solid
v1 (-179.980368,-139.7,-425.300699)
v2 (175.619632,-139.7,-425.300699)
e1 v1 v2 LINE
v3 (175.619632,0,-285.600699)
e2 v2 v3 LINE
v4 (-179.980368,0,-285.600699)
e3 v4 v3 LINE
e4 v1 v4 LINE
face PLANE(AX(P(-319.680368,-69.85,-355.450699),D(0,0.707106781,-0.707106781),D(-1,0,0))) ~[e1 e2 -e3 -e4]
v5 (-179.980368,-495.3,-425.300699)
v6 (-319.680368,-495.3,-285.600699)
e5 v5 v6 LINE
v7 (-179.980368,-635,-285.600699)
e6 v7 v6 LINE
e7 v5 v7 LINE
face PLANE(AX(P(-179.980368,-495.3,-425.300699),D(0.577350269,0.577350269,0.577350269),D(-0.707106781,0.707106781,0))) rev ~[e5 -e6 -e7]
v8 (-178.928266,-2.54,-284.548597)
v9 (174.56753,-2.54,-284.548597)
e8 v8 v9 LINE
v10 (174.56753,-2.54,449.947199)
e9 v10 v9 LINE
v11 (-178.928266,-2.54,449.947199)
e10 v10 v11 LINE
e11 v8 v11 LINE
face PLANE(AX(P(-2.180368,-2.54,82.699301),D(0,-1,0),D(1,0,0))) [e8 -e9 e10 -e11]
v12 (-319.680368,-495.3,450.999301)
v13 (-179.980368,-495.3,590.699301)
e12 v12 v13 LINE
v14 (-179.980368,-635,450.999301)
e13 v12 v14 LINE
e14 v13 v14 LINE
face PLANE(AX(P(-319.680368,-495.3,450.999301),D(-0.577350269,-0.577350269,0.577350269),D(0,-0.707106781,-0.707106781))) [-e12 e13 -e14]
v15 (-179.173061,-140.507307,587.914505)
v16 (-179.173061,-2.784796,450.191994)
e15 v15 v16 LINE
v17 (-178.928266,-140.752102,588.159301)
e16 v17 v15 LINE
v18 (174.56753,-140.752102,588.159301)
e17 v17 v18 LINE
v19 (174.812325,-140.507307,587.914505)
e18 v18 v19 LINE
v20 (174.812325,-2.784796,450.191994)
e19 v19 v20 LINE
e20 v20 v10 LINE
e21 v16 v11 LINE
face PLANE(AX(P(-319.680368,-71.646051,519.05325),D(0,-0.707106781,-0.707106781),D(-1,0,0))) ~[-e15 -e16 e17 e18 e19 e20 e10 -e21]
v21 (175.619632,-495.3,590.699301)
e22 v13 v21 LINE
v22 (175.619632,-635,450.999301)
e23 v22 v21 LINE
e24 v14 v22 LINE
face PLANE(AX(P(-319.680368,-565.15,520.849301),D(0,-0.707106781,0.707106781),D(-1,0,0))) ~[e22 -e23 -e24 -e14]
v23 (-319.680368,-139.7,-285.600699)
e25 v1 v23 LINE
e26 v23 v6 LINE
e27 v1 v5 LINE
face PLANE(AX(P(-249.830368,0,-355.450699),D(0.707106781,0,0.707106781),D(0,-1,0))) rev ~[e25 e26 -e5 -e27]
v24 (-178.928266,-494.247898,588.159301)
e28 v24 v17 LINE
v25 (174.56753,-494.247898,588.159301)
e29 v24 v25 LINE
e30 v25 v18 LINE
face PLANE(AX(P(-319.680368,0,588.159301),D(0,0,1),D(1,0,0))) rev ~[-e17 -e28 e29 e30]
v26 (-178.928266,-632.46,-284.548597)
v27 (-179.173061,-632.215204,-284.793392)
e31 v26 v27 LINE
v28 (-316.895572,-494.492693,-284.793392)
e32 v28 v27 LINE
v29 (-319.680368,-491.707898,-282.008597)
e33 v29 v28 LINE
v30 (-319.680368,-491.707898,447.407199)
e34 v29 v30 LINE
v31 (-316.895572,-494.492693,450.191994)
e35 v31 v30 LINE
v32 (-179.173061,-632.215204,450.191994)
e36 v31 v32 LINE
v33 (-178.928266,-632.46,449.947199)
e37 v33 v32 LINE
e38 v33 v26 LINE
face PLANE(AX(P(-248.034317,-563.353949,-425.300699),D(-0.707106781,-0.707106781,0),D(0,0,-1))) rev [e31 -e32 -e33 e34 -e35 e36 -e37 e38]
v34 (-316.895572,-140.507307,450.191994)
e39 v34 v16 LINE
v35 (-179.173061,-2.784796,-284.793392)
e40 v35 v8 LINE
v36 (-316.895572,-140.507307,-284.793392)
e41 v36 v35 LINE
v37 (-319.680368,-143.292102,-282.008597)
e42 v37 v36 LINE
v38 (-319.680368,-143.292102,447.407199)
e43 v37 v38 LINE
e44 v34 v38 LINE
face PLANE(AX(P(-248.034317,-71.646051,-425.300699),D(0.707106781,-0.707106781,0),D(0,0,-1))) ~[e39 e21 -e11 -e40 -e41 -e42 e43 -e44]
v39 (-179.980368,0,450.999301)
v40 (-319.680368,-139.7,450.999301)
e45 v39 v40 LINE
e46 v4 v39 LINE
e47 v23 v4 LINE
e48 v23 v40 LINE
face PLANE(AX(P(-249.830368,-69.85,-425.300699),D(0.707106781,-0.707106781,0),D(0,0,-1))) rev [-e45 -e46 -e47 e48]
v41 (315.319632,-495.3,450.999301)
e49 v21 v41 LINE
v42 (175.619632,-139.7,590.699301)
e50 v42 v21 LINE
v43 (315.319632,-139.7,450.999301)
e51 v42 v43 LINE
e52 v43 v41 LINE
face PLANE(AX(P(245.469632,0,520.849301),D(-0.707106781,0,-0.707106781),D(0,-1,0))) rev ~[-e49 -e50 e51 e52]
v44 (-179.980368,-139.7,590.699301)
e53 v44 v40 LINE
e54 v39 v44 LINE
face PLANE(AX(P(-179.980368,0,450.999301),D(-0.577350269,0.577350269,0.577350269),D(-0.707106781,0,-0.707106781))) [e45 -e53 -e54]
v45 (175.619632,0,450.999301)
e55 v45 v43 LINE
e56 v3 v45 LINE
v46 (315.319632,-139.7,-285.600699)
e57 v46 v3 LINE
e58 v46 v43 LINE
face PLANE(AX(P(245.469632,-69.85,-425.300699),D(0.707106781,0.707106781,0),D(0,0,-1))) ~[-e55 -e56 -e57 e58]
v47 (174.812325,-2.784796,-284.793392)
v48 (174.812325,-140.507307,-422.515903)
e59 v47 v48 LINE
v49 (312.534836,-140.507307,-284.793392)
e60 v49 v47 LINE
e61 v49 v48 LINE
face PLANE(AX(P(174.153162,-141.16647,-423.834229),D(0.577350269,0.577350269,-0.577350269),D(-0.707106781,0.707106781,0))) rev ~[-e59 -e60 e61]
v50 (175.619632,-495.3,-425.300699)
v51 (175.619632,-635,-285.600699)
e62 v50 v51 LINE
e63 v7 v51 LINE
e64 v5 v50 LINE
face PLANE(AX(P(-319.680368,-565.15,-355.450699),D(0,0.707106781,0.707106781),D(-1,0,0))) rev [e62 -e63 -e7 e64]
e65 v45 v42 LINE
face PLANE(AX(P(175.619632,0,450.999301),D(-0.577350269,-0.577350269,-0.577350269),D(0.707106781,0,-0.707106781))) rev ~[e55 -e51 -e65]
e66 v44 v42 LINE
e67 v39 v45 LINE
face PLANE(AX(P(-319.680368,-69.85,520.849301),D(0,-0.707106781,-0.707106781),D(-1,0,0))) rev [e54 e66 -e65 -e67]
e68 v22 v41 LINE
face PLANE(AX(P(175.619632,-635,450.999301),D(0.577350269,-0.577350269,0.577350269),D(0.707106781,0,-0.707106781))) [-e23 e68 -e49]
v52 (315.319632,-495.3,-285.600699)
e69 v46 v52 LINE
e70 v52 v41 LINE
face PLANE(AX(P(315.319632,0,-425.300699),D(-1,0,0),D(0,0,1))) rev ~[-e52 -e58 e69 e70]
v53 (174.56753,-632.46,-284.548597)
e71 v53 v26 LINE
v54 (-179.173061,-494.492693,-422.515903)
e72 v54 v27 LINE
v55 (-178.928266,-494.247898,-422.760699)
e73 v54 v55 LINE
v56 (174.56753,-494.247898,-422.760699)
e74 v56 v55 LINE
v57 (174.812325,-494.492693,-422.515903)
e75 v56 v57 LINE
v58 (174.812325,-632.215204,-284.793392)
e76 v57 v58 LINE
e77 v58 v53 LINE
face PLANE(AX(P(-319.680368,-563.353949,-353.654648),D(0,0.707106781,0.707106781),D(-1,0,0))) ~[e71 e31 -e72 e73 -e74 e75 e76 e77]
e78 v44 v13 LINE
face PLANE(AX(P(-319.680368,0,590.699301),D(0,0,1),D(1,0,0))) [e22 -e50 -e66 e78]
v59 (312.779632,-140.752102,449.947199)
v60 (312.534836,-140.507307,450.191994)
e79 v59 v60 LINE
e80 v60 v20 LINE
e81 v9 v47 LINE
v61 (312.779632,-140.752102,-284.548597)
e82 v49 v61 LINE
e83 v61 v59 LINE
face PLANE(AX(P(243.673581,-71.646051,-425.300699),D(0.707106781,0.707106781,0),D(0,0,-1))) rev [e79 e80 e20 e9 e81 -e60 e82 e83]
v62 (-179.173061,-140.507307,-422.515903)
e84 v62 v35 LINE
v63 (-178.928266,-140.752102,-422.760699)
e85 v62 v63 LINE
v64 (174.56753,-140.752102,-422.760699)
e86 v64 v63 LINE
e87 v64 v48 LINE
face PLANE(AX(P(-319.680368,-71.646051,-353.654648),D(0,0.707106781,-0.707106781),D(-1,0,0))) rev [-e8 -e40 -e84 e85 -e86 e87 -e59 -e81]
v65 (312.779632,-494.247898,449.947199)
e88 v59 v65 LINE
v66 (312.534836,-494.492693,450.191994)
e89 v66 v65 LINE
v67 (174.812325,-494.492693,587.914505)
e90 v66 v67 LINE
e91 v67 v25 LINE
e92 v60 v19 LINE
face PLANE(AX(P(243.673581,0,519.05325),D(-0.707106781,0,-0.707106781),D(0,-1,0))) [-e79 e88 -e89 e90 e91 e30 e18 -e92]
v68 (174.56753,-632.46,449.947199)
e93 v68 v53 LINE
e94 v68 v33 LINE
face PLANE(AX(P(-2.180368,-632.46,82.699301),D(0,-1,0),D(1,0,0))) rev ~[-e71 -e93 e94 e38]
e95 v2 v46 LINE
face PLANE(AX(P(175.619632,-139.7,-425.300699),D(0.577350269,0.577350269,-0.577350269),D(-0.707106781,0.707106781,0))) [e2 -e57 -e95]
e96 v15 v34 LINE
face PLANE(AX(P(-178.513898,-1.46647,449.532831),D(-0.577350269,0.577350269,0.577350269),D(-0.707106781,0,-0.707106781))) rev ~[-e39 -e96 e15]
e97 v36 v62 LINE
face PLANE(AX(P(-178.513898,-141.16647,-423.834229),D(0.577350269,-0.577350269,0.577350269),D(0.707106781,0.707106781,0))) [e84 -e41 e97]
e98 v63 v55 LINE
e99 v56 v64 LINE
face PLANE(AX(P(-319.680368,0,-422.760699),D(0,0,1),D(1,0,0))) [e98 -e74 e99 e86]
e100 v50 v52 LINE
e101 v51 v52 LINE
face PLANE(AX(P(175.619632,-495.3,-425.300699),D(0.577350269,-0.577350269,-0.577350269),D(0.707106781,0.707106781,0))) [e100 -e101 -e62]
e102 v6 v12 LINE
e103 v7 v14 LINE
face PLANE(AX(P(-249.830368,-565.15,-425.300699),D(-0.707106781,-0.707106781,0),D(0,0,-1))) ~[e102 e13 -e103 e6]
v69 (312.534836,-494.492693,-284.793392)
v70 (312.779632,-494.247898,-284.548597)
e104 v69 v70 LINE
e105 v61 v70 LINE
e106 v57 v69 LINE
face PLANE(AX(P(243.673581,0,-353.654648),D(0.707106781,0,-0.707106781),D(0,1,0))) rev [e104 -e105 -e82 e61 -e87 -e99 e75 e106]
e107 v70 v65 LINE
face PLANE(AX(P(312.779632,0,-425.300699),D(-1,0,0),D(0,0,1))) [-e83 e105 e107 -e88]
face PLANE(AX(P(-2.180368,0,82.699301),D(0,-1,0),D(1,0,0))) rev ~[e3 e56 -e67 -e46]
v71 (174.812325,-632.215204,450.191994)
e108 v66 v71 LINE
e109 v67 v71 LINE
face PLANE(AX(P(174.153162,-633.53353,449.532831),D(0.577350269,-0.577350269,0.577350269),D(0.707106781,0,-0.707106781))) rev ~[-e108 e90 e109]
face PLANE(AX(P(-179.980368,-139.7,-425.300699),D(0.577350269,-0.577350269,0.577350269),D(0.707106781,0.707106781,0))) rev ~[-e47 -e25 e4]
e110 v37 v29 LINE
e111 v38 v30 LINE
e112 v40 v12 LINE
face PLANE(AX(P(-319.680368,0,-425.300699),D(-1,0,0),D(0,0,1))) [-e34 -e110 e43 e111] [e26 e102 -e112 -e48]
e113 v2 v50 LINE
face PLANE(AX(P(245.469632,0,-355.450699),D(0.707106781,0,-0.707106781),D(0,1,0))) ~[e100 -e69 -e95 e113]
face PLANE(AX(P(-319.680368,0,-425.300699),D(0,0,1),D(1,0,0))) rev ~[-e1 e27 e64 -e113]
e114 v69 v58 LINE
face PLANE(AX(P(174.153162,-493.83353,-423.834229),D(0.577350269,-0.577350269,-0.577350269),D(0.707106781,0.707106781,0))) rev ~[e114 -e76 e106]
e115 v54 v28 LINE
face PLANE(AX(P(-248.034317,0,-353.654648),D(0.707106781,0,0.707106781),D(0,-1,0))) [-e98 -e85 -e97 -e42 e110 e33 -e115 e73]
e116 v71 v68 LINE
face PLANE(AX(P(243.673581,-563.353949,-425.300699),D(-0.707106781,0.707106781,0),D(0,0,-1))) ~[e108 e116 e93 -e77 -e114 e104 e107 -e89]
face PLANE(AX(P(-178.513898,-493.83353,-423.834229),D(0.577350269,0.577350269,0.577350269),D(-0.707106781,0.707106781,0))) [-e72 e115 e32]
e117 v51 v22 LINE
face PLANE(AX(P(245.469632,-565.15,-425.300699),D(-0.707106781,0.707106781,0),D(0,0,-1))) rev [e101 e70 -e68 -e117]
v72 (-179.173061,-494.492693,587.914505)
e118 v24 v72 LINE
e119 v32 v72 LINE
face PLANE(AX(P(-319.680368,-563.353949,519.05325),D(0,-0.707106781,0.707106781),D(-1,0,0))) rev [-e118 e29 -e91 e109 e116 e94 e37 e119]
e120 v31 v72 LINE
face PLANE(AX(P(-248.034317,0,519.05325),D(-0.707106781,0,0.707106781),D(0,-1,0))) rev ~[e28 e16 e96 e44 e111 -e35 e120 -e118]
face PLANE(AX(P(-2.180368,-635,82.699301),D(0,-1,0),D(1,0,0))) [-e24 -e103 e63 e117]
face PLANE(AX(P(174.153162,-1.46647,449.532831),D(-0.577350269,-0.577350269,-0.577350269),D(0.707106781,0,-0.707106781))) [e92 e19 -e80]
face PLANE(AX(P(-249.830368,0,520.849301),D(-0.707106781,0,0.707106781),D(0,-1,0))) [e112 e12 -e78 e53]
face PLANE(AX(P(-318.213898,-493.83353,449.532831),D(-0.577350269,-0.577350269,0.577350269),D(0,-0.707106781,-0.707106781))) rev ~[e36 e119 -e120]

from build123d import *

# Parameters (mm, degrees)
F0_W     = 635
F0_H     = 1016
F1_DEPTH = 635
F2_SIZE  = 139.7
F3_T     = -2.54


with BuildPart() as f1:
    # F0 (on Front) → F1 (new body)
    with BuildSketch(Plane.XZ):
        with Locations((-2.180368, 82.699301)):
            Rectangle(F0_W, F0_H)
    extrude(amount=F1_DEPTH)

    # F2
    f2_edges = [f1.edges().sort_by_distance(p)[0] for p in [
        (315.319632, -317.5, 590.699301),
        (-2.180368, -635, 590.699301),
        (-319.680368, -317.5, 590.699301),
        (-2.180368, 0, 590.699301),
        (315.319632, -635, 82.699301),
        (315.319632, 0, 82.699301),
        (-319.680368, -635, 82.699301),
        (-2.180368, -635, -425.300699),
        (315.319632, -317.5, -425.300699),
        (-319.680368, 0, 82.699301),
        (-319.680368, -317.5, -425.300699),
        (-2.180368, 0, -425.300699),
    ]]
    chamfer(f2_edges, length=F2_SIZE)

    # F3
    f3_openings = [f1.faces().sort_by_distance(p)[0] for p in [
        (-319.680368, -317.5, 82.699301),
    ]]
    offset(amount=F3_T, openings=f3_openings)


solid = f1.part
